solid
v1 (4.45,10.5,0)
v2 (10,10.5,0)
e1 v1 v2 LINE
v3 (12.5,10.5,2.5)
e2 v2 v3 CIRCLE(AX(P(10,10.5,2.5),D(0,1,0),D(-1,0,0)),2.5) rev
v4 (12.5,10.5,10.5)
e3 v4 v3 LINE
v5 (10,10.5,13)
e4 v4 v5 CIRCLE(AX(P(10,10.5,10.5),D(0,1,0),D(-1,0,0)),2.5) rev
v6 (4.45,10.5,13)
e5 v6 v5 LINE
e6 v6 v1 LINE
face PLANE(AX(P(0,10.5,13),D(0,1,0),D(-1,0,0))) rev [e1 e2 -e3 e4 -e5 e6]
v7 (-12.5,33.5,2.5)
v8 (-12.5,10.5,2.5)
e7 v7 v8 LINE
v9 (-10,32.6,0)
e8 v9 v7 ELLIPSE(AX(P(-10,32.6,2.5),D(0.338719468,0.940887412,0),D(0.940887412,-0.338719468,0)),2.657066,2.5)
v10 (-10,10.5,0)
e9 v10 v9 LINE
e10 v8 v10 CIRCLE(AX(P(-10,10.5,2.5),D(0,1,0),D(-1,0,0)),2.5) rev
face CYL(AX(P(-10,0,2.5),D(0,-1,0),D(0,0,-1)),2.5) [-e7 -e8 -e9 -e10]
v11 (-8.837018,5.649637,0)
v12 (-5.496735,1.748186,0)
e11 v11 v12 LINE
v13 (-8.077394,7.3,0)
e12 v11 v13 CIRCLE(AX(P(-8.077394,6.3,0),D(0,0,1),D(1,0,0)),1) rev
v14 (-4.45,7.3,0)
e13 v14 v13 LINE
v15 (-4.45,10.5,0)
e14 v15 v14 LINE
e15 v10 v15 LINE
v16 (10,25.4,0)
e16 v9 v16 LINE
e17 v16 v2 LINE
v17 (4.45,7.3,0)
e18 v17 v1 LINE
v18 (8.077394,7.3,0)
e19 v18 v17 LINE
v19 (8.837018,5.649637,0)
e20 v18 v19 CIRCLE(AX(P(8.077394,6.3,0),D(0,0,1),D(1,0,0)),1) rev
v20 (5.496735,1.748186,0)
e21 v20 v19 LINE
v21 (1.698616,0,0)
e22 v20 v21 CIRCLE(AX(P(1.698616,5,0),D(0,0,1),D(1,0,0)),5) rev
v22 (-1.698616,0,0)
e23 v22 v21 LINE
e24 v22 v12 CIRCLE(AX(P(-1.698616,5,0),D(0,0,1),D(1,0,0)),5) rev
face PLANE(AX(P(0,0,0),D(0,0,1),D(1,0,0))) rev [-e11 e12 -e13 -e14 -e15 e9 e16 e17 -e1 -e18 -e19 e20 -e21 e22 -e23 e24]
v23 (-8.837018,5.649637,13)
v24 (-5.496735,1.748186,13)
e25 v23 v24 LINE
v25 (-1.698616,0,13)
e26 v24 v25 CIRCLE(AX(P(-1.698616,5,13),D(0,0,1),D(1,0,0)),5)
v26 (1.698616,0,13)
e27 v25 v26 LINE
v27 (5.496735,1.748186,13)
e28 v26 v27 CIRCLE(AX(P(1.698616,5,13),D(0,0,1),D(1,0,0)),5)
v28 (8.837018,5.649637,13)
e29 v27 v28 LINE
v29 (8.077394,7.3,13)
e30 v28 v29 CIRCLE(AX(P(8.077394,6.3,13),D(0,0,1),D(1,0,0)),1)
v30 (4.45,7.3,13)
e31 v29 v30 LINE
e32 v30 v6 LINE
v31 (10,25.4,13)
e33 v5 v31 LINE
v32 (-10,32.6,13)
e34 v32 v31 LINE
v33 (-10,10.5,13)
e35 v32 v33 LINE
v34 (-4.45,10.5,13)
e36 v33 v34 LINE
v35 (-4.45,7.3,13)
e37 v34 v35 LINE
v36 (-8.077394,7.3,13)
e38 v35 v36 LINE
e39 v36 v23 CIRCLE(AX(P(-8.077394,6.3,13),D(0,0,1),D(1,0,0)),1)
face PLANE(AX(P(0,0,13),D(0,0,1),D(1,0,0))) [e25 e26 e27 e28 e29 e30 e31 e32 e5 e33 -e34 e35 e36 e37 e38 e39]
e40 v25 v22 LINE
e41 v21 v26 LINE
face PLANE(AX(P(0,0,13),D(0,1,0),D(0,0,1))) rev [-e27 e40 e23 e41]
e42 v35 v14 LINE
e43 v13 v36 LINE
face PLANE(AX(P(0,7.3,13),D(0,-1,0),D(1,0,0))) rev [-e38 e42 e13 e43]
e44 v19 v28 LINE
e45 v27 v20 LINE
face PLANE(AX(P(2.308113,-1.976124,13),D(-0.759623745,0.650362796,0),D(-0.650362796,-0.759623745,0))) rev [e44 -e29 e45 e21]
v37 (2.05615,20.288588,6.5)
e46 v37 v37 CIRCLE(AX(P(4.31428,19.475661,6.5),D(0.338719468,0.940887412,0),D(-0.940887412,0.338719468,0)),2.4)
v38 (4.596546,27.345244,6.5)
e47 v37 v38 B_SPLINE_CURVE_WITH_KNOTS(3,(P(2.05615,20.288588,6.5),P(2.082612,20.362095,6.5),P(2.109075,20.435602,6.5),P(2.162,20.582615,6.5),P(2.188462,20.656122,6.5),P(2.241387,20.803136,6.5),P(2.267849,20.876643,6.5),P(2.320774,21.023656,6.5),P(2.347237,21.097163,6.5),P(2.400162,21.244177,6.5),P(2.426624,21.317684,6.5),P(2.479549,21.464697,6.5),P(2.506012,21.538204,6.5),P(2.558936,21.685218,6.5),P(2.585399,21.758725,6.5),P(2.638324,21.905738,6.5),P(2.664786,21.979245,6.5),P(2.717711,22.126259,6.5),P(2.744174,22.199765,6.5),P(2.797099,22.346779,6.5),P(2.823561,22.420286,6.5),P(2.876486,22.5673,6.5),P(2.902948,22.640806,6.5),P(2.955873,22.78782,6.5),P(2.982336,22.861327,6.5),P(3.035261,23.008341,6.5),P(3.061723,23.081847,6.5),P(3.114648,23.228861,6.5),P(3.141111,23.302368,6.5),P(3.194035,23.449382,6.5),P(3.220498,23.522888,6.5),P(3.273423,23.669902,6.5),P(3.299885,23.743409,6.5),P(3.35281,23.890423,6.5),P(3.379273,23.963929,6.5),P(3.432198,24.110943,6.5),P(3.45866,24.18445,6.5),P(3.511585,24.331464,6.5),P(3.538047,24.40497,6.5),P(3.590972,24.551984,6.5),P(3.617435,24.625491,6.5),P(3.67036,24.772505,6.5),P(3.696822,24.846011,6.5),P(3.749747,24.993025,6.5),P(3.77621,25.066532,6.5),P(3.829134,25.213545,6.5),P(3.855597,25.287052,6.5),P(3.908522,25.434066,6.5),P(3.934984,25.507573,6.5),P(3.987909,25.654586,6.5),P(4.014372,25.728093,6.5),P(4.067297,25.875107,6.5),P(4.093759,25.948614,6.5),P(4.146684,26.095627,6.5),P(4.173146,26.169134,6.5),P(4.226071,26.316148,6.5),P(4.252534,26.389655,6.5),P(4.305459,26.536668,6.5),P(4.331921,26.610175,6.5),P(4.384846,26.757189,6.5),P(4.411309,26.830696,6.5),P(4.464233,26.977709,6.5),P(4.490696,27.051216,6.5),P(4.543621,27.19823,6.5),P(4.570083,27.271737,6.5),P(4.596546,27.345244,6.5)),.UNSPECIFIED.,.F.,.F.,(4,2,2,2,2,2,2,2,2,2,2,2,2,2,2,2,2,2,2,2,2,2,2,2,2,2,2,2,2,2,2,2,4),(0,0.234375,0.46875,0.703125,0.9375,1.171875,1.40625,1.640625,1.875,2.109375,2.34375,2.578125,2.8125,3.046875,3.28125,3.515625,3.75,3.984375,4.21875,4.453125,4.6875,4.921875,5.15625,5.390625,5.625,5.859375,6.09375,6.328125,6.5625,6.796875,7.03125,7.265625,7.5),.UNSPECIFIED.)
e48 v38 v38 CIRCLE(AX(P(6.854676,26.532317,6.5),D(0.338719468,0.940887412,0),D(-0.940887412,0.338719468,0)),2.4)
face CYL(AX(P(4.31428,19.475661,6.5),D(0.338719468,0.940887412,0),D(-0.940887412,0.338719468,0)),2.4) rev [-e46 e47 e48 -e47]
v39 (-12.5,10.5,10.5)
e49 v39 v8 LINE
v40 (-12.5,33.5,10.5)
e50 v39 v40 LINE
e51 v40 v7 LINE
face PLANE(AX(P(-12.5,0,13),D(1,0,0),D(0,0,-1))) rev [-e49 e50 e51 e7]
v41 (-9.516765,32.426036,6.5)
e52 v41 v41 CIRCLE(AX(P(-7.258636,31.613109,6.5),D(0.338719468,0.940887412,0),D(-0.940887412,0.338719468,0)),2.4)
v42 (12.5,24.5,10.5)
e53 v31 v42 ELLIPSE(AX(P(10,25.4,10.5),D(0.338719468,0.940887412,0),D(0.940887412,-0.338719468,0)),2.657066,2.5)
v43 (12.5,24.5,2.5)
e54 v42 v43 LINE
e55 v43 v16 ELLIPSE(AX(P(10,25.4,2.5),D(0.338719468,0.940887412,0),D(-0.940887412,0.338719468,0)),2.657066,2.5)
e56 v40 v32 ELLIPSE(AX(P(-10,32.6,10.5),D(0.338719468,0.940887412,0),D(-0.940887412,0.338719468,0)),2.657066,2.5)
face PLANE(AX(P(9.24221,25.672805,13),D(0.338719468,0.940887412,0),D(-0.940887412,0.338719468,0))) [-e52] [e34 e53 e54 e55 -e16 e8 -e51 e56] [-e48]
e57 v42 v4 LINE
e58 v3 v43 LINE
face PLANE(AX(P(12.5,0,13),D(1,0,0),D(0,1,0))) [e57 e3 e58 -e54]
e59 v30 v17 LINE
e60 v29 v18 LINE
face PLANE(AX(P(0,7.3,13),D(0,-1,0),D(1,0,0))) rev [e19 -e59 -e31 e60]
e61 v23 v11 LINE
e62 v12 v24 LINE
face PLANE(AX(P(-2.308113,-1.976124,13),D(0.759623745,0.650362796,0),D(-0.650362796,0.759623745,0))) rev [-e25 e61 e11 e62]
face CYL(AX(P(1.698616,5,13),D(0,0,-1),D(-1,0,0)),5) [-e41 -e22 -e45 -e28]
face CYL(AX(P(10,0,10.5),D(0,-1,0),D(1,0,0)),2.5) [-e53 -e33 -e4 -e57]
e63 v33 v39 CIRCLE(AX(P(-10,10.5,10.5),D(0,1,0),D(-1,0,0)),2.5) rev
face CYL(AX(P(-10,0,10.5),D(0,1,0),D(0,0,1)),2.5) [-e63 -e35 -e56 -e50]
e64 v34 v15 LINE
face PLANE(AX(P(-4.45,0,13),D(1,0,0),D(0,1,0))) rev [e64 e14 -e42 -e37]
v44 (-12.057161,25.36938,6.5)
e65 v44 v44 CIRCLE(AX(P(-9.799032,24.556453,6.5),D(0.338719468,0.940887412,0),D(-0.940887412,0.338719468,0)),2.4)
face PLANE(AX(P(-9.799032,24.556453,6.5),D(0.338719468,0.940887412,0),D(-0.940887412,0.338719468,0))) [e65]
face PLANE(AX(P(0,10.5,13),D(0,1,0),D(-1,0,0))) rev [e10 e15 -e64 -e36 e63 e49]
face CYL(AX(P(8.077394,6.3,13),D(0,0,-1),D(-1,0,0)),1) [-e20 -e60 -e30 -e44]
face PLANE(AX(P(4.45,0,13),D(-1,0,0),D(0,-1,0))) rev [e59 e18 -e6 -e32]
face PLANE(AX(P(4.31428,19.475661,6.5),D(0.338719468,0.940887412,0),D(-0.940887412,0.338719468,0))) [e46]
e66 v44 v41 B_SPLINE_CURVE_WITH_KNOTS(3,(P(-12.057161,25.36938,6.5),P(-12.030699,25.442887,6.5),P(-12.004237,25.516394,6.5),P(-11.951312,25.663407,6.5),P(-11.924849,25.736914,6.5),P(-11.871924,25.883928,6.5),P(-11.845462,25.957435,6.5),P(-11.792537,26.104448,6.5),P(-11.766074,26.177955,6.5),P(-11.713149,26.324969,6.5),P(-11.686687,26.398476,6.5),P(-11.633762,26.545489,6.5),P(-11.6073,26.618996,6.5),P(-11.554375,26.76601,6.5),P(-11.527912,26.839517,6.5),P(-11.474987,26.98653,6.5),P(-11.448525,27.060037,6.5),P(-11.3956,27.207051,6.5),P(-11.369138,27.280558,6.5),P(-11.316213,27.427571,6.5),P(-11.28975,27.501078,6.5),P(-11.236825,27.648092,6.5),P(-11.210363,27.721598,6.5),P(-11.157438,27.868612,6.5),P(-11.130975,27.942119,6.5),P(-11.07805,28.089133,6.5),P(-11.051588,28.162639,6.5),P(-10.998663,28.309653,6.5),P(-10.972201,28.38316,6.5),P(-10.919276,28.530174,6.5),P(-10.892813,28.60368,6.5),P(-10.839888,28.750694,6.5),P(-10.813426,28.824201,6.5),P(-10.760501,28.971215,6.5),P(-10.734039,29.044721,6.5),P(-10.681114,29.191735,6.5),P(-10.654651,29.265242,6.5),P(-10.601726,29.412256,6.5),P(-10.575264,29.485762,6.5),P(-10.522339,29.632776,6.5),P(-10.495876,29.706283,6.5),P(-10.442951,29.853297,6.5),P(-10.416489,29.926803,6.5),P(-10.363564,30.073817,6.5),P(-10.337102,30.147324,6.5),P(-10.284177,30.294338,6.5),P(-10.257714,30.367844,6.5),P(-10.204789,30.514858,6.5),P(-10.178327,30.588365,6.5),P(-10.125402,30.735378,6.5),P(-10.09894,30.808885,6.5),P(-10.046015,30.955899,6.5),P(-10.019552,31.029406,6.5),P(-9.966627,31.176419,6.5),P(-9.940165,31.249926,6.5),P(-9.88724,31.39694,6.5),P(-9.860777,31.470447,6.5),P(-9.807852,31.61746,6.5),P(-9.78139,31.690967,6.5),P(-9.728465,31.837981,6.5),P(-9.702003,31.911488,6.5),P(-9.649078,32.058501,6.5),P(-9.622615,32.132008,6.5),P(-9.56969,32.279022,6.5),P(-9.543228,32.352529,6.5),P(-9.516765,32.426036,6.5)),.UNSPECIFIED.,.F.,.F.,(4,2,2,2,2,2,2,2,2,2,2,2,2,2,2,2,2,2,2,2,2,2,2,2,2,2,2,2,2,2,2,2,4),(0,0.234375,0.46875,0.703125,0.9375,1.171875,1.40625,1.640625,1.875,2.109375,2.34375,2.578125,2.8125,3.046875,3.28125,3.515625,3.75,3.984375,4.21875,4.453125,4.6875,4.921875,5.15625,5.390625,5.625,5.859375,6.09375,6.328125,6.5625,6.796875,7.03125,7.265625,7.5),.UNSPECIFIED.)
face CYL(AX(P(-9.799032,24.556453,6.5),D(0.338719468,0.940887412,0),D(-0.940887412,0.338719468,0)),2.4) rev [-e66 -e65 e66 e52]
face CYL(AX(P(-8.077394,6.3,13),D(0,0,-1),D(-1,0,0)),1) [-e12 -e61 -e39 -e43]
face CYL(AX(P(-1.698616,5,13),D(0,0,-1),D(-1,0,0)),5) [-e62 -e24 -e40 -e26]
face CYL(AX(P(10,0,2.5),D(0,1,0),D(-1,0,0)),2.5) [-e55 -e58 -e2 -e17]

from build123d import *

# Parameters (mm, degrees)
BOSS_EXTRUDE3_DEPTH = 13
FILLET1_R           = 1
FILLET2_R           = 5
SKETCH2_R           = 2.4
CUT_EXTRUDE1_DEPTH  = 7.5
FILLET3_R           = 2.5


with BuildPart() as part:
    # Sketch1 → Boss-Extrude3 (new body)
    with BuildSketch(Plane.XY):
        Polygon((-12.5, 10.5), (-4.45, 10.5), (4.45, 10.5), (12.5, 10.5), (12.5, 24.5), (-12.5, 33.5), align=None)
        Polygon((-4.45, 7.3), (-10.25, 7.3), (-4, 0), (4, 0), (10.25, 7.3), (4.45, 7.3), (4.45, 10.5), (-4.45, 10.5), align=None)
    extrude(amount=BOSS_EXTRUDE3_DEPTH)

    # Fillet1
    fillet1_edges = [part.edges().sort_by_distance(p)[0] for p in [
        (10.25, 7.3, 6.5),
        (-10.25, 7.3, 6.5),
    ]]
    fillet(fillet1_edges, radius=FILLET1_R)

    # Fillet2
    fillet2_edges = [part.edges().sort_by_distance(p)[0] for p in [
        (4, 0, 6.5),
        (-4, 0, 6.5),
    ]]
    fillet(fillet2_edges, radius=FILLET2_R)

    # Sketch2 → Cut-Extrude1 (cut)
    with BuildSketch(Plane(origin=(9.242209632, 25.672804533, 0), x_dir=(0.9408874118687268, -0.33871946827274163, 0), z_dir=(0.33871946827274163, 0.9408874118687268, 0))):
        with Locations(Location((-17.537534324, -6.5, 0), (0, 0, 180))):
            Circle(SKETCH2_R)
        with Locations(Location((-2.537534324, -6.5, 0), (0, 0, 180))):
            Circle(SKETCH2_R)
    extrude(amount=-CUT_EXTRUDE1_DEPTH, mode=Mode.SUBTRACT)

    # Fillet3
    fillet3_edges = [part.edges().sort_by_distance(p)[0] for p in [
        (-12.5, 22, 13),
        (-12.5, 22, 0),
        (12.5, 17.5, 0),
        (12.5, 17.5, 13),
    ]]
    fillet(fillet3_edges, radius=FILLET3_R)


solid = part.part
